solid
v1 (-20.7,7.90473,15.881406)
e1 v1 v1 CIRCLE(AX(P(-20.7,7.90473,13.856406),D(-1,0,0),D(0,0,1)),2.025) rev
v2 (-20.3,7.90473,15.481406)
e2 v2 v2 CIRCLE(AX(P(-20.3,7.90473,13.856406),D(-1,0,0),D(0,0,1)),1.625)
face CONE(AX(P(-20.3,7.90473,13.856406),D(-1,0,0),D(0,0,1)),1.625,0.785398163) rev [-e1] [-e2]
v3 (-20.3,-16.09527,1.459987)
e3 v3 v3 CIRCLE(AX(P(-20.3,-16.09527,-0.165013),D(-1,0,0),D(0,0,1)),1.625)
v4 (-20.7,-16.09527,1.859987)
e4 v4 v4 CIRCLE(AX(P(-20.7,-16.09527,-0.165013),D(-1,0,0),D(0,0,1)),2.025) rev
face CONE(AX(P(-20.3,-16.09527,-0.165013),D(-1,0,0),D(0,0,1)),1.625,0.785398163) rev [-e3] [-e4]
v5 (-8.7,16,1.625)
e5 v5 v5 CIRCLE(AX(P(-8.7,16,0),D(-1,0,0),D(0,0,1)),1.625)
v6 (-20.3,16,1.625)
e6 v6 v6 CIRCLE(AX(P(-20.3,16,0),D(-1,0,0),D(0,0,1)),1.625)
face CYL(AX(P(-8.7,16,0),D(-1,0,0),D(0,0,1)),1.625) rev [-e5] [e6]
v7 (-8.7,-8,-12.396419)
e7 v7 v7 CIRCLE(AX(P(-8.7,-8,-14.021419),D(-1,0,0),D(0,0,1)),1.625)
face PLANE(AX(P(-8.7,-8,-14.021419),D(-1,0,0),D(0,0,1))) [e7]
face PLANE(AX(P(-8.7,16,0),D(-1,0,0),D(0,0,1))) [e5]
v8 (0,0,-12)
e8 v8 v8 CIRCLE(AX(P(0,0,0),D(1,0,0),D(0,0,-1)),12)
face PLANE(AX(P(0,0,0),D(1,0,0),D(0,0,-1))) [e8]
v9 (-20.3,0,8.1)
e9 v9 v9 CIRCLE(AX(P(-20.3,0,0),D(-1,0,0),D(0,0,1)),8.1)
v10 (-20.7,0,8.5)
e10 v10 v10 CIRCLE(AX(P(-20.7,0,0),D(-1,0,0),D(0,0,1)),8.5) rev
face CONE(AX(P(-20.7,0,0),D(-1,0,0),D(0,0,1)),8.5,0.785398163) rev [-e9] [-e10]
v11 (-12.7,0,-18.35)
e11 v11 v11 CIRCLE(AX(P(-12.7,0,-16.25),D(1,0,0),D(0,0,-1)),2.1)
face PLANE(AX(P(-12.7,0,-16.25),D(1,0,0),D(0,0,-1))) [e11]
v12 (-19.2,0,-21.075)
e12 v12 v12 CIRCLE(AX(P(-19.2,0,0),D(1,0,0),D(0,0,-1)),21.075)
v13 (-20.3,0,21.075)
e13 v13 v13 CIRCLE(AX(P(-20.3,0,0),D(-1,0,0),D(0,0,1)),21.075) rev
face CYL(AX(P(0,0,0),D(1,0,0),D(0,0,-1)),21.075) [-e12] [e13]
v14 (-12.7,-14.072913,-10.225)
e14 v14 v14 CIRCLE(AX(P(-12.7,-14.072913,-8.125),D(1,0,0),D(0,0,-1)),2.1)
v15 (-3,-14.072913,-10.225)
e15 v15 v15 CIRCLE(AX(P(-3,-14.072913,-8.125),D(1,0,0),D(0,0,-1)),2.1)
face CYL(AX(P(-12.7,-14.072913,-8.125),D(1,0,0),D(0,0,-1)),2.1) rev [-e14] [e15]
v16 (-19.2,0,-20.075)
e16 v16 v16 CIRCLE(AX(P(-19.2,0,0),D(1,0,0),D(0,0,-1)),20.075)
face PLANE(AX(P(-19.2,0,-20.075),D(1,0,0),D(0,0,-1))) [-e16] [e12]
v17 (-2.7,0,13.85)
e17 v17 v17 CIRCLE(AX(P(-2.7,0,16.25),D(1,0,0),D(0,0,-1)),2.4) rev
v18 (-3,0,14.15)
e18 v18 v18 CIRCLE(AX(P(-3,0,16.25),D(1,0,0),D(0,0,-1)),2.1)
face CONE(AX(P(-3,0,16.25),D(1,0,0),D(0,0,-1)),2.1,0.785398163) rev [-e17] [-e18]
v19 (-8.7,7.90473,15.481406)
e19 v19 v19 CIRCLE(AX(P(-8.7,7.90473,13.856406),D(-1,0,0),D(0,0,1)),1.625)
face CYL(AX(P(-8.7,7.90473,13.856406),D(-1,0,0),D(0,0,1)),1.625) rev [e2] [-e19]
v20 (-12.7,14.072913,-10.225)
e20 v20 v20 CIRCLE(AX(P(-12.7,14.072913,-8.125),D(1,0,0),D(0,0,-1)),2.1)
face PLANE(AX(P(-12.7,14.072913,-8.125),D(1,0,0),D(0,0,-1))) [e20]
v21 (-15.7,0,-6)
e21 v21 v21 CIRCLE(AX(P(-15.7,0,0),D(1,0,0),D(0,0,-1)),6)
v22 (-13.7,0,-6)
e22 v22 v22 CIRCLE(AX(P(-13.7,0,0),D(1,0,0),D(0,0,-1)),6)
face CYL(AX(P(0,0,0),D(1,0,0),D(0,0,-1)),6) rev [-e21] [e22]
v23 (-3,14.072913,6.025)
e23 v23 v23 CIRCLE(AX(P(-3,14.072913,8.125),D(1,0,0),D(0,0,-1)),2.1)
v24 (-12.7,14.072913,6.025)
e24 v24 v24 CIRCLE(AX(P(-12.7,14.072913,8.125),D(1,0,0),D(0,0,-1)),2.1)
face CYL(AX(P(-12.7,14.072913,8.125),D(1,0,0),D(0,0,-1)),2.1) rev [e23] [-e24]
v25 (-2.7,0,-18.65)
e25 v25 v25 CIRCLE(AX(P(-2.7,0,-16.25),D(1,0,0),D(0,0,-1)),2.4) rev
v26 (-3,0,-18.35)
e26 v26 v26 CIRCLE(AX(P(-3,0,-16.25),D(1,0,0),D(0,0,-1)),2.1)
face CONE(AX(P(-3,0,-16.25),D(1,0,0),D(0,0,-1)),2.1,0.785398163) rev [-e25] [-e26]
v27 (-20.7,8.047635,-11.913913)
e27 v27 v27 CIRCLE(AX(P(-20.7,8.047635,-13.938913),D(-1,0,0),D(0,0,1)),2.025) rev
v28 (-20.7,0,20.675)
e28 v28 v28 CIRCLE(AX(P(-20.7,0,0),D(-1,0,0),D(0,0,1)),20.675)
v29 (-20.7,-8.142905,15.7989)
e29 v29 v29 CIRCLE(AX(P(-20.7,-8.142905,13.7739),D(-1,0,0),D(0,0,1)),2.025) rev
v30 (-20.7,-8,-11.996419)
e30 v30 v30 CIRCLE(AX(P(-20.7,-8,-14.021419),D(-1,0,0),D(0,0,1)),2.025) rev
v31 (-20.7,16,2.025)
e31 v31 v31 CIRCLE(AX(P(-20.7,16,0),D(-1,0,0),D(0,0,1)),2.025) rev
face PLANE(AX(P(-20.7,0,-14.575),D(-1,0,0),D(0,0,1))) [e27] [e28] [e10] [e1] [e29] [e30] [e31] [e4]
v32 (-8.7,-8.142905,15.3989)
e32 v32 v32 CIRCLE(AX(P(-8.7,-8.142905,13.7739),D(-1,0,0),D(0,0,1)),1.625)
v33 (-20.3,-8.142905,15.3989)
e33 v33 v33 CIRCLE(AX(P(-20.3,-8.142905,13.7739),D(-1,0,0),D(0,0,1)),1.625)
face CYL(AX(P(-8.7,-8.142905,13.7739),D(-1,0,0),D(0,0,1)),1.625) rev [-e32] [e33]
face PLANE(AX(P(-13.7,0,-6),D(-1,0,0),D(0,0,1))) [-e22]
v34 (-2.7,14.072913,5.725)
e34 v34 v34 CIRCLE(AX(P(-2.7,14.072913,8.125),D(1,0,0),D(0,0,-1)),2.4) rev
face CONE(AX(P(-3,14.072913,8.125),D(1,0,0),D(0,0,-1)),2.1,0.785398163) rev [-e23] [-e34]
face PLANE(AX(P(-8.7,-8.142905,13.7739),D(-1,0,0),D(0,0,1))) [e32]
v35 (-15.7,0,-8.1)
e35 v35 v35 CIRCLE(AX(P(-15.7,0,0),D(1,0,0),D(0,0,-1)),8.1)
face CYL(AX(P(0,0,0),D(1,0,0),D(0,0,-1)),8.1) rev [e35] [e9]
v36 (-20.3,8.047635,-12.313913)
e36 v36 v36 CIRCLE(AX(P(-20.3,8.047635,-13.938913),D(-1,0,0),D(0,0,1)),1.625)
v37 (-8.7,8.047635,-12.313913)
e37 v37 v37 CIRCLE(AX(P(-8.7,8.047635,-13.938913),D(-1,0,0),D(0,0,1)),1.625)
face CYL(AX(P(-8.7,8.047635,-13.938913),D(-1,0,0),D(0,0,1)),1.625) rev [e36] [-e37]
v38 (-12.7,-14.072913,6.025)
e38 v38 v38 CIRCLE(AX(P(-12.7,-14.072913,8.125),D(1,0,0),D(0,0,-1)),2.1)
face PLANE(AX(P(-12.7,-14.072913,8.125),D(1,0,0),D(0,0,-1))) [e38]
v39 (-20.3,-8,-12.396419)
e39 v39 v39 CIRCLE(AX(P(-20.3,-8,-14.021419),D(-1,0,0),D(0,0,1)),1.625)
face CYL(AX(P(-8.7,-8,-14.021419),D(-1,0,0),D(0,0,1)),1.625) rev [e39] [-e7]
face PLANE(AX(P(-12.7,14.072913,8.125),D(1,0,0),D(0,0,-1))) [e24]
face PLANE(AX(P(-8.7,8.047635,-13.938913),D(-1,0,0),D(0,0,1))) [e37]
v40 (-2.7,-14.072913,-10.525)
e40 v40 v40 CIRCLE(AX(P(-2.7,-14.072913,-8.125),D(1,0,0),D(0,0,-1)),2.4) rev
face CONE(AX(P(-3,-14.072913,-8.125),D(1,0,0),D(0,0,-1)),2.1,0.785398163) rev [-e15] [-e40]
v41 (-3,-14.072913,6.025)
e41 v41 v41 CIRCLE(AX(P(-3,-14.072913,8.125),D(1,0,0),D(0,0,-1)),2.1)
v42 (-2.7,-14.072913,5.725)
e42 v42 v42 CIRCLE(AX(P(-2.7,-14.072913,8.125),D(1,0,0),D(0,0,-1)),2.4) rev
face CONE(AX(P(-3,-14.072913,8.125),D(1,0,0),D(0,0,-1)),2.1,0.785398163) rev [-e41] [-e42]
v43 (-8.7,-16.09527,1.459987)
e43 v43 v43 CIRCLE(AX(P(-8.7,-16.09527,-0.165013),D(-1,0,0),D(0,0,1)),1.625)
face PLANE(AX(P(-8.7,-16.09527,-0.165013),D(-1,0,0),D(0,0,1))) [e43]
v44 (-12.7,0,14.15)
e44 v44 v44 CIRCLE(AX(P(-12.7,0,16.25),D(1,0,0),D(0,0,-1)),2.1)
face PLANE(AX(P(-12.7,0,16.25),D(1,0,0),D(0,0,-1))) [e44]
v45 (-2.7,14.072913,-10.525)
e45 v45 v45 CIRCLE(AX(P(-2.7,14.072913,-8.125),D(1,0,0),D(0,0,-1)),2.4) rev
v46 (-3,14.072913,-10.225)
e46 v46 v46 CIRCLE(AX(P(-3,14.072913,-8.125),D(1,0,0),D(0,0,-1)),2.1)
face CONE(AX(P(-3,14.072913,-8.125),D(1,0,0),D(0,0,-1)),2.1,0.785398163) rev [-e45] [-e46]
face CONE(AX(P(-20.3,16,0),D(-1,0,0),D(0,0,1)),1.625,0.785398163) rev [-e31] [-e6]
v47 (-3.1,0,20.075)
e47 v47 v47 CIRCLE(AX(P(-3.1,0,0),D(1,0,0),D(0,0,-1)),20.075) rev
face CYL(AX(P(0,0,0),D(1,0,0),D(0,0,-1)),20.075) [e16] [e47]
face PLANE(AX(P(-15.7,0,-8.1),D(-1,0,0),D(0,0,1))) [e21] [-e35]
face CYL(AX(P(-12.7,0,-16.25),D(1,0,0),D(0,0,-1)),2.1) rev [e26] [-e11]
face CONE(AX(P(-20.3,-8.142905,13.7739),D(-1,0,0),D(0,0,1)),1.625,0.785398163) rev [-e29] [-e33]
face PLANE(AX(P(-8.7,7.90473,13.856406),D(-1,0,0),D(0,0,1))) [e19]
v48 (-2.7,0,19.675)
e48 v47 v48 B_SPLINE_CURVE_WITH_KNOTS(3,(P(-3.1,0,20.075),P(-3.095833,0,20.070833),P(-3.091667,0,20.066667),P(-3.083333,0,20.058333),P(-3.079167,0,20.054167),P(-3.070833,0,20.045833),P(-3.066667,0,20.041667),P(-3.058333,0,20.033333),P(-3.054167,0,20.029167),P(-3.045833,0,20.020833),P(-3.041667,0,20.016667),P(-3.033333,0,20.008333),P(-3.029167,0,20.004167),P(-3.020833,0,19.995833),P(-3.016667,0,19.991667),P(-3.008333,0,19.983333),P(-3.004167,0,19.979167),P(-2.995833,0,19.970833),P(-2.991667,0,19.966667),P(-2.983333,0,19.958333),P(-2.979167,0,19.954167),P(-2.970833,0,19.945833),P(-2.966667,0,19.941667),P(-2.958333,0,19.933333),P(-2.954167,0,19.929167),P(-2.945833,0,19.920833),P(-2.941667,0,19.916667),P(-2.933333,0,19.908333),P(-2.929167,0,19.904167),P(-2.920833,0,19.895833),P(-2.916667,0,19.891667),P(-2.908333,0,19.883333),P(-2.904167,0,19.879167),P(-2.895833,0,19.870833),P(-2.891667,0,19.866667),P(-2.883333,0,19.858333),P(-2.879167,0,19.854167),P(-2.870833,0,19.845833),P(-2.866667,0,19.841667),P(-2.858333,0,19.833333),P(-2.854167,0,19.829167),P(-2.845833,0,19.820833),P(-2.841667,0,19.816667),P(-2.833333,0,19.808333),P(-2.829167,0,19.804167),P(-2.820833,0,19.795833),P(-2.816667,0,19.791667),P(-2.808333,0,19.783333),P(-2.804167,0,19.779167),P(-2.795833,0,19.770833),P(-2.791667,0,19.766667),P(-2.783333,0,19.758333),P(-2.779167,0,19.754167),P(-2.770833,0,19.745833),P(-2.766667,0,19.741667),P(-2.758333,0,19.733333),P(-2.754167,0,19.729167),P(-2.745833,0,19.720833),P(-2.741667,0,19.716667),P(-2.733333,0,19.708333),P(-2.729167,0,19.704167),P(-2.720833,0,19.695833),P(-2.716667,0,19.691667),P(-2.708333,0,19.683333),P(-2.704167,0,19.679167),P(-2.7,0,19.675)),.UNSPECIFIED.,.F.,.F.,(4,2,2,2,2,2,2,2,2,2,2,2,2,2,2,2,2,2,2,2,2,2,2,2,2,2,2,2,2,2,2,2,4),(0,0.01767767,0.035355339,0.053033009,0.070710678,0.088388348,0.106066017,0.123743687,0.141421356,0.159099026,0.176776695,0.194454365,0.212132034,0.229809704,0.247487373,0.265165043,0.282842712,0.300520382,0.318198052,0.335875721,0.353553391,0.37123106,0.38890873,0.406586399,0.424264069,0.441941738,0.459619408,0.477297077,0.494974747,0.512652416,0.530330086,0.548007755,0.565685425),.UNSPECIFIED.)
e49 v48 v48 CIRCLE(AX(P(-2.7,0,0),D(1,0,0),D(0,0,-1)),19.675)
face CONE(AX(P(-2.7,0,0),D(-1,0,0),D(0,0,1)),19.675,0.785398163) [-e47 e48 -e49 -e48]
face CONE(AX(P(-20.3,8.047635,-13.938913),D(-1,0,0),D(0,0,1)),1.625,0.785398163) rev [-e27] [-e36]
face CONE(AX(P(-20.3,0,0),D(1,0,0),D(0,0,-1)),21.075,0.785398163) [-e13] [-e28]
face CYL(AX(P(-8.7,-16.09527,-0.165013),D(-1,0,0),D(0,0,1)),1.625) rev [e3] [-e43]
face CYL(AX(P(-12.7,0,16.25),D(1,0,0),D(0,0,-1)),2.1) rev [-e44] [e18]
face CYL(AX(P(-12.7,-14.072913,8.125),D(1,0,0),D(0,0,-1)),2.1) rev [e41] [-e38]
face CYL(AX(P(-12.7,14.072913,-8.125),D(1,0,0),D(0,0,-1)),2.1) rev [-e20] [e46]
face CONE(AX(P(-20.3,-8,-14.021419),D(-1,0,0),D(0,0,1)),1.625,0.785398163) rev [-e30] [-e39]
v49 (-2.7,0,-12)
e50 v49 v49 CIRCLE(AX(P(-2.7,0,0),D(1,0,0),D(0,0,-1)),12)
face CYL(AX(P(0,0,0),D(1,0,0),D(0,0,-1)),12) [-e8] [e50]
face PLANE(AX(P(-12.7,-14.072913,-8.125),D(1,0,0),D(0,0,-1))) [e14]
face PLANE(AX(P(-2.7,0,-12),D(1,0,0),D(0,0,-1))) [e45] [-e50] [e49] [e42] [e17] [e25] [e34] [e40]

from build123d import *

# Parameters (mm, degrees)
SKETCH3_R          = 1.625
CUT_EXTRUDE1_DEPTH = 12
SKETCH4_R          = 2.1
CUT_EXTRUDE2_DEPTH = 10
CHAMFER1_SIZE      = 0.4
CHAMFER2_SIZE      = 0.4
CHAMFER3_SIZE      = 0.4
CHAMFER4_SIZE      = 0.3
CHAMFER5_SIZE      = 0.4


with BuildPart() as part:
    # Sketch2 → Revolve1 (revolve)
    with BuildSketch(Plane(origin=(0, 0, 0), x_dir=(1, 0, 0), z_dir=(0, 1, 0))):
        Polygon((0, 0), (0, 12), (-2.7, 12), (-2.7, 20.075), (-19.2, 20.075), (-19.2, 21.075), (-20.7, 21.075), (-20.7, 17.727837292), (-20.7, 14.575), (-20.7, 8.1), (-15.7, 8.1), (-15.7, 6), (-13.7, 6), (-13.7, 0), align=None)
    revolve(axis=Axis((0, 0, 0), (-1, 0, 0)))

    # Sketch3 → Cut-Extrude1 (cut)
    with BuildSketch(Plane.ZY.offset(20.7)):
        with Locations((0, 16)):
            Circle(SKETCH3_R)
        with Locations((13.856406461, 7.904729806)):
            Circle(SKETCH3_R)
        with Locations((13.773900052, -8.142905292)):
            Circle(SKETCH3_R)
        with Locations((-0.165012817, -16.095270194)):
            Circle(SKETCH3_R)
        with Locations((-14.021419278, -8)):
            Circle(SKETCH3_R)
        with Locations((-13.938912869, 8.047635097)):
            Circle(SKETCH3_R)
    extrude(amount=-CUT_EXTRUDE1_DEPTH, mode=Mode.SUBTRACT)

    # Sketch4 → Cut-Extrude2 (cut)
    with BuildSketch(Plane(origin=(-2.7, 0, 0), x_dir=(0, 0, -1), z_dir=(1, 0, 0))):
        with Locations((-8.125, 14.072912811)):
            Circle(SKETCH4_R)
        with Locations((8.125, 14.072912811)):
            Circle(SKETCH4_R)
        with Locations((16.25, 0)):
            Circle(SKETCH4_R)
        with Locations((8.125, -14.072912811)):
            Circle(SKETCH4_R)
        with Locations((-8.125, -14.072912811)):
            Circle(SKETCH4_R)
        with Locations((-16.25, 0)):
            Circle(SKETCH4_R)
    extrude(amount=-CUT_EXTRUDE2_DEPTH, mode=Mode.SUBTRACT)

    # Chamfer1
    chamfer1_edges = [part.edges().sort_by_distance(p)[0] for p in [
        (-2.7, 0, 20.075),
    ]]
    chamfer(chamfer1_edges, length=CHAMFER1_SIZE)

    # Chamfer2
    chamfer2_edges = [part.edges().sort_by_distance(p)[0] for p in [
        (-20.7, 0, 8.1),
    ]]
    chamfer(chamfer2_edges, length=CHAMFER2_SIZE)

    # Chamfer3
    chamfer3_edges = [part.edges().sort_by_distance(p)[0] for p in [
        (-20.7, 16, -1.625),
        (-20.7, 8.047635097, -15.563912869),
        (-20.7, -8, -15.646419278),
        (-20.7, -16.095270194, -1.790012817),
        (-20.7, -8.142905292, 12.148900052),
        (-20.7, 7.904729806, 12.231406461),
    ]]
    chamfer(chamfer3_edges, length=CHAMFER3_SIZE)

    # Chamfer4
    chamfer4_edges = [part.edges().sort_by_distance(p)[0] for p in [
        (-2.7, 0, 18.35),
        (-2.7, -14.072912811, 10.225),
        (-2.7, -14.072912811, -6.025),
        (-2.7, 0, -14.15),
        (-2.7, 14.072912811, -6.025),
        (-2.7, 14.072912811, 10.225),
    ]]
    chamfer(chamfer4_edges, length=CHAMFER4_SIZE)

    # Chamfer5
    chamfer5_edges = [part.edges().sort_by_distance(p)[0] for p in [
        (-20.7, 0, 21.075),
    ]]
    chamfer(chamfer5_edges, length=CHAMFER5_SIZE)


solid = part.part
